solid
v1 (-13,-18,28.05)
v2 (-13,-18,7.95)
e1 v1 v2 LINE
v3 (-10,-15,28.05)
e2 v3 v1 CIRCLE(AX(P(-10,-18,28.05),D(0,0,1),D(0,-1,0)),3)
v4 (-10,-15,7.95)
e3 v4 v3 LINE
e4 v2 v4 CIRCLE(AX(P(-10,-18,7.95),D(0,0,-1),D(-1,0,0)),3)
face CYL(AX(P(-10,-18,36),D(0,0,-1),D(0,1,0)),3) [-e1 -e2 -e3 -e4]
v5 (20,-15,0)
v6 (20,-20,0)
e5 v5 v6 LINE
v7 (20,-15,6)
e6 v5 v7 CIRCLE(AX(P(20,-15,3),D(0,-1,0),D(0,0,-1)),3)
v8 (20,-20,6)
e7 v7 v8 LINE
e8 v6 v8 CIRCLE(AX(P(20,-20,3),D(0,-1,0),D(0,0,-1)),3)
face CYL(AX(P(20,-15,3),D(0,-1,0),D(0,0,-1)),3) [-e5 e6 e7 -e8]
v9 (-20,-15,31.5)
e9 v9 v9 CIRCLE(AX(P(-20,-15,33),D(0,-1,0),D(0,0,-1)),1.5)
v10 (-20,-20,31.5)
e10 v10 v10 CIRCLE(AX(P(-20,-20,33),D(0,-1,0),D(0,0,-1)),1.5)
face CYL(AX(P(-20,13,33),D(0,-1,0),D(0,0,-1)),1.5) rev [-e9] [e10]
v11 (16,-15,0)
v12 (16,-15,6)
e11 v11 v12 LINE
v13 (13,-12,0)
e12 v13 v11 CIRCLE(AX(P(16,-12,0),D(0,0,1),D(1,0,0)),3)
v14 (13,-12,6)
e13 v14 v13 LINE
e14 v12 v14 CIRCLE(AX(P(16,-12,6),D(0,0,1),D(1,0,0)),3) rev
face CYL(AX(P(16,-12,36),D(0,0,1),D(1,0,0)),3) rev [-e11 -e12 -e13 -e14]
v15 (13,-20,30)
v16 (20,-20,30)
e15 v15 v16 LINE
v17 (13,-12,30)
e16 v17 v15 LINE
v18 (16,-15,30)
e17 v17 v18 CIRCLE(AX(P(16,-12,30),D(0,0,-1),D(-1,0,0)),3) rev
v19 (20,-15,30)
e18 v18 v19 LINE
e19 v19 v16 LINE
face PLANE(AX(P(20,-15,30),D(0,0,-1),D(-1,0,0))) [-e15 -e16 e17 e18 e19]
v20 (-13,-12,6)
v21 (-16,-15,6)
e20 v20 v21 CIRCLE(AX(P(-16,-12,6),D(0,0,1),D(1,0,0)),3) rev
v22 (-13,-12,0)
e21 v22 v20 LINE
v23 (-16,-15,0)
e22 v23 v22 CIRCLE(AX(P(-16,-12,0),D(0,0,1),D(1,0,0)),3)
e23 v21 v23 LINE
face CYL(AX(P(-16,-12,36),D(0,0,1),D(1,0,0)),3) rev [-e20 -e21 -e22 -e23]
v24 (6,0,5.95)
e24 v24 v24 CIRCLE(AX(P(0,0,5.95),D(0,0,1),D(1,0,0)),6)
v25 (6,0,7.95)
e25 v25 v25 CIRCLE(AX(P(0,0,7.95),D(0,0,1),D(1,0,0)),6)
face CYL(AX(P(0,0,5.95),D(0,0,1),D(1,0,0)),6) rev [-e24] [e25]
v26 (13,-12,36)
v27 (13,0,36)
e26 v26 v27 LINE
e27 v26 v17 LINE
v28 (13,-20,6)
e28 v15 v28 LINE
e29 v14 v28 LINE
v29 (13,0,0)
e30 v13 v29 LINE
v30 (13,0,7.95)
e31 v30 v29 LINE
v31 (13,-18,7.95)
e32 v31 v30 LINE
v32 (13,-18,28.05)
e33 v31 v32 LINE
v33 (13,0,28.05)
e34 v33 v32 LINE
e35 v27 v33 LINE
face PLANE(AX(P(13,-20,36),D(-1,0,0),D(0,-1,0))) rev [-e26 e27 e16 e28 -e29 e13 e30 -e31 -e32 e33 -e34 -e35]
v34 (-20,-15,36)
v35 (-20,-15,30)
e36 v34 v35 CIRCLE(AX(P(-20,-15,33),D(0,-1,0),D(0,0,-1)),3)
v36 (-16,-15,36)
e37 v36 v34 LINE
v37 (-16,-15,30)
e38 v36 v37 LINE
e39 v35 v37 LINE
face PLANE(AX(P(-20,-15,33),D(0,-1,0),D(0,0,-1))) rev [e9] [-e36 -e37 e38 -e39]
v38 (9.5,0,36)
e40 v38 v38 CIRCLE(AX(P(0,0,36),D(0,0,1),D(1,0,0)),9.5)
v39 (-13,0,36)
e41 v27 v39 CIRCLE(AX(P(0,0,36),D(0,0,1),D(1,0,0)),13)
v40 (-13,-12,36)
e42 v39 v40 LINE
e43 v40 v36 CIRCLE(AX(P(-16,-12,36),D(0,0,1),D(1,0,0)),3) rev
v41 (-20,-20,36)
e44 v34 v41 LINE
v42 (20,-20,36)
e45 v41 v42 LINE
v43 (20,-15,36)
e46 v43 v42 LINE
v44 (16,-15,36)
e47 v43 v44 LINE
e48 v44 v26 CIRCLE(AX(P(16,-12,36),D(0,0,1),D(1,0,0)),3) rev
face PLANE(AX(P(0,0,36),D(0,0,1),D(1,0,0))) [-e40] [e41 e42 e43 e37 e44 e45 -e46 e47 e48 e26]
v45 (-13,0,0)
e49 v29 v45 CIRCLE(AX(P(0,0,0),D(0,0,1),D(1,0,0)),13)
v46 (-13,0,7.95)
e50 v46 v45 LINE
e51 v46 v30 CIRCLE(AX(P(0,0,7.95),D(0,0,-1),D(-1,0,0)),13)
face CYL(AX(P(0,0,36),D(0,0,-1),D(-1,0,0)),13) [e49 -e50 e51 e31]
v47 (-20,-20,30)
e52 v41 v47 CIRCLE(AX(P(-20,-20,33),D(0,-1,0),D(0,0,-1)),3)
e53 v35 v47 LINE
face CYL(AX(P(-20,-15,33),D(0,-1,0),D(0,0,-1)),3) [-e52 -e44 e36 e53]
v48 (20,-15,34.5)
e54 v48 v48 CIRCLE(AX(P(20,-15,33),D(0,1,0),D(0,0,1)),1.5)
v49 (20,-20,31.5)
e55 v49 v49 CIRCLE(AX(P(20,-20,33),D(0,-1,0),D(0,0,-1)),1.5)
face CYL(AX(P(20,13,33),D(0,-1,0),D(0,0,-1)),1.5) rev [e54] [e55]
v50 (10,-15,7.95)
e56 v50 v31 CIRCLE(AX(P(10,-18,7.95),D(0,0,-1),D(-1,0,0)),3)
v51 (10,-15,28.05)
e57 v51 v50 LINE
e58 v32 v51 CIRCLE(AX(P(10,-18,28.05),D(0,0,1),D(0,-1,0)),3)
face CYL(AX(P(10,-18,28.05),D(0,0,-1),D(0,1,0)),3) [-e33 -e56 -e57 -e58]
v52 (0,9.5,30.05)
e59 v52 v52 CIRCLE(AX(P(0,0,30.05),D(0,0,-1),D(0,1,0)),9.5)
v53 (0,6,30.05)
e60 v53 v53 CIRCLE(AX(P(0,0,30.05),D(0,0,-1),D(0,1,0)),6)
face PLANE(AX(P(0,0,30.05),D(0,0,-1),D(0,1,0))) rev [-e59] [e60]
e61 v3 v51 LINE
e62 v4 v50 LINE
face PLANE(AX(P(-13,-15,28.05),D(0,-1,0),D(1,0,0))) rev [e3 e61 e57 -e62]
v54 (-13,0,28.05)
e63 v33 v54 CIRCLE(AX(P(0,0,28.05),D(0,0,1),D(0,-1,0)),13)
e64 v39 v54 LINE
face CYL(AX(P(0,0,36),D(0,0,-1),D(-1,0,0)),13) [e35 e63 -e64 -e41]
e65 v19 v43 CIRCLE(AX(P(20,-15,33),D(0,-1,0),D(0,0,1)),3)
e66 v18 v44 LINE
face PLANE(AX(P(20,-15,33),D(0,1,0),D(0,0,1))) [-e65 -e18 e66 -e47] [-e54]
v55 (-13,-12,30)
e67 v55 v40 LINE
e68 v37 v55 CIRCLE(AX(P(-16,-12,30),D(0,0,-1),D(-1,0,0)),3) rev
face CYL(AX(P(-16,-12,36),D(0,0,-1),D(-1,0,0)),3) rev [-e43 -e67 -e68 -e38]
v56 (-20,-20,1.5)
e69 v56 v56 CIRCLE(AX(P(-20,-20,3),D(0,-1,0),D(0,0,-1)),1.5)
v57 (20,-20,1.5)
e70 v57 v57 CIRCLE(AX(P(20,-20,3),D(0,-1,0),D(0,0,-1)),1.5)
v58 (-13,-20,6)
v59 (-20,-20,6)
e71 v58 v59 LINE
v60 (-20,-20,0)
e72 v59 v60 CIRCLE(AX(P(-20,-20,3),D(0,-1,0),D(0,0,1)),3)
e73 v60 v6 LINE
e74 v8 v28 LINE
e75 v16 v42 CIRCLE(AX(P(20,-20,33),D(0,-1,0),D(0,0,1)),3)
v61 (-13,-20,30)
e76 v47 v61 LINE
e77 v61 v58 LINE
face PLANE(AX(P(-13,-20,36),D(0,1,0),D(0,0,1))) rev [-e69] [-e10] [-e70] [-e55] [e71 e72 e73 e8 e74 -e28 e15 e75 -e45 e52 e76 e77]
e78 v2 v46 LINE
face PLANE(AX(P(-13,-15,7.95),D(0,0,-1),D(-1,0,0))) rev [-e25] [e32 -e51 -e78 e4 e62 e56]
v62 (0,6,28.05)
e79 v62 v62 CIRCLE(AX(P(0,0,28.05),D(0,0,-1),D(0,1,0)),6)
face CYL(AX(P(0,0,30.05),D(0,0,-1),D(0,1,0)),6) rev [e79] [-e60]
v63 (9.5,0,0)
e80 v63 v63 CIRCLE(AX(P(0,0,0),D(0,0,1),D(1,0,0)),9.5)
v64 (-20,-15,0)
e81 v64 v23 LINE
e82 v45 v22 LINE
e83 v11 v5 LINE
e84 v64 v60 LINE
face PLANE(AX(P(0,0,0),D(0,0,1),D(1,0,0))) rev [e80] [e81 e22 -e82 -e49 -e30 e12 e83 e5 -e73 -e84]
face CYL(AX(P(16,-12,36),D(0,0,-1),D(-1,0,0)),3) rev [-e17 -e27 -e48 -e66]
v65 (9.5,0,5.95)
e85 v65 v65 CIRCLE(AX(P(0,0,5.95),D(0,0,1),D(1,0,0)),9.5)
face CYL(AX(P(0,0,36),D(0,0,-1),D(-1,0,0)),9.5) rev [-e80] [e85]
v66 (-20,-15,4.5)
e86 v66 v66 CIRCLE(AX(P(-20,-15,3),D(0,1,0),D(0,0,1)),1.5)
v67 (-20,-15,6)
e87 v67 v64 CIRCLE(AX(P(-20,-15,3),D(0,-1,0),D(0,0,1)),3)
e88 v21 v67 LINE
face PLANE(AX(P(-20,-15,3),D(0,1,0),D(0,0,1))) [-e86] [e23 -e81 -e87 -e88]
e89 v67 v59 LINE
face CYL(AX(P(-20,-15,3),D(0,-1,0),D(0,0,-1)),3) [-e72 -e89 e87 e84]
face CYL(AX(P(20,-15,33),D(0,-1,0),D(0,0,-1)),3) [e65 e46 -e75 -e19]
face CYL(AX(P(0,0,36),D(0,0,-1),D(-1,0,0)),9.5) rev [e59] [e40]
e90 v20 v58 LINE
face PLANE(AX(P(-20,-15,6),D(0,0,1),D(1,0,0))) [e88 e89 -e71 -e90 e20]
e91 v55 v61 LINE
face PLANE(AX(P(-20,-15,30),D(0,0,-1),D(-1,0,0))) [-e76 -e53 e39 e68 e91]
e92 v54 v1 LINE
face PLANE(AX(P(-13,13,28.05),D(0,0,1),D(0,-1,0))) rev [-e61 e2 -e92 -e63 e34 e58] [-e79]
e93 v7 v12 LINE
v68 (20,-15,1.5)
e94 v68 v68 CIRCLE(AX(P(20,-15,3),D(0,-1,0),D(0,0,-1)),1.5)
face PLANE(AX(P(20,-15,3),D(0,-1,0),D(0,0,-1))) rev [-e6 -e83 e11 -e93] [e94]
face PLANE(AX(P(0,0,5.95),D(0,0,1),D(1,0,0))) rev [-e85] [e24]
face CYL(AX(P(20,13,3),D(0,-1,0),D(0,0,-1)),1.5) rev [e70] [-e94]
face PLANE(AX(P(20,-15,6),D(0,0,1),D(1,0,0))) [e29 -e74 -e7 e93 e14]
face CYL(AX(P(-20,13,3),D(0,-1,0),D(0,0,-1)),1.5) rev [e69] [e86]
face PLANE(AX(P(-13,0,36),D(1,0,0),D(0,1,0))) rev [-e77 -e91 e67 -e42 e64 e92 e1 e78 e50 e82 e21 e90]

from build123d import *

# Parameters (mm, degrees)
CROQUIS1_R              = 9.5
SALIENTE_EXTRUIR1_DEPTH = 36
CROQUIS2_W              = 20.1
CROQUIS2_H              = 28
CORTAR_EXTRUIR2_DEPTH   = 49.703182648
CROQUIS3_R              = 9.5
CROQUIS3_R_2            = 6
SALIENTE_EXTRUIR2_DEPTH = 2
SALIENTE_EXTRUIR3_START = -2
CROQUIS4_R              = 9.5
CROQUIS4_R_2            = 6
SALIENTE_EXTRUIR3_DEPTH = 2
SALIENTE_EXTRUIR4_DEPTH = 5
CROQUIS6_R              = 1.5
CORTAR_EXTRUIR3_DEPTH   = 54.981478305
REDONDEO1_R             = 3
REDONDEO2_R             = 3


with BuildPart() as part:
    # Croquis1 → Saliente-Extruir1 (new body)
    with BuildSketch(Plane.XY):
        with BuildLine():
            Line((-13, 0), (-13, -20))
            Line((-13, -20), (13, -20))
            Line((13, -20), (13, 0))
            ThreePointArc((13, 0), (0, 13), (-13, 0))
        make_face()
        Circle(CROQUIS1_R, mode=Mode.SUBTRACT)
    extrude(amount=SALIENTE_EXTRUIR1_DEPTH)

    # Croquis2 → Cortar-Extruir2 (cut, through all)
    with BuildSketch(Plane(origin=(13, 0, 0), x_dir=(0, 0, -1), z_dir=(1, 0, 0))):
        with Locations((-18, -1)):
            Rectangle(CROQUIS2_W, CROQUIS2_H)
    extrude(amount=-CORTAR_EXTRUIR2_DEPTH, mode=Mode.SUBTRACT)

    # Croquis3 → Saliente-Extruir2 (add)
    with BuildSketch(Plane(origin=(0, 0, 28.05), x_dir=(-1, 0, 0), z_dir=(0, 0, -1))):
        with Locations(Location((0, 0, 0), (0, 0, 90))):
            Circle(CROQUIS3_R)
        with Locations(Location((0, 0, 0), (0, 0, 90))):
            Circle(CROQUIS3_R_2, mode=Mode.SUBTRACT)
    extrude(amount=-SALIENTE_EXTRUIR2_DEPTH)

    # Croquis4 → Saliente-Extruir3 (add)
    with BuildSketch(Plane.XY.offset(7.95).offset(SALIENTE_EXTRUIR3_START)):
        Circle(CROQUIS4_R)
        with Locations(Location((0, 0, 0), (0, 0, 90))):
            Circle(CROQUIS4_R_2, mode=Mode.SUBTRACT)
    extrude(amount=SALIENTE_EXTRUIR3_DEPTH)

    # Croquis5 → Saliente-Extruir4 (add)
    with BuildSketch(Plane.XZ.offset(20)):
        with BuildLine():
            Line((13, 36), (20, 36))
            ThreePointArc((20, 36), (23, 33), (20, 30))
            Line((20, 30), (13, 30))
            Line((13, 30), (13, 36))
        make_face()
        with BuildLine():
            Line((13, 0), (20, 0))
            ThreePointArc((20, 0), (23, 3), (20, 6))
            Line((20, 6), (13, 6))
            Line((13, 6), (13, 0))
        make_face()
        with BuildLine():
            Line((-13, 0), (-20, 0))
            ThreePointArc((-20, 0), (-23, 3), (-20, 6))
            Line((-20, 6), (-13, 6))
            Line((-13, 6), (-13, 0))
        make_face()
        with BuildLine():
            Line((-13, 30), (-13, 36))
            Line((-13, 36), (-20, 36))
            ThreePointArc((-20, 36), (-23, 33), (-20, 30))
            Line((-20, 30), (-13, 30))
        make_face()
    extrude(amount=-SALIENTE_EXTRUIR4_DEPTH)

    # Croquis6 → Cortar-Extruir3 (cut, through all)
    with BuildSketch(Plane.XZ.offset(20)):
        with Locations(Location((-20, 33, 0), (0, 0, 270))):
            Circle(CROQUIS6_R)
        with Locations(Location((20, 33, 0), (0, 0, 270))):
            Circle(CROQUIS6_R)
        with Locations(Location((-20, 3, 0), (0, 0, 270))):
            Circle(CROQUIS6_R)
        with Locations(Location((20, 3, 0), (0, 0, 270))):
            Circle(CROQUIS6_R)
    extrude(amount=-CORTAR_EXTRUIR3_DEPTH, mode=Mode.SUBTRACT)

    # Redondeo1
    redondeo1_edges = [part.edges().sort_by_distance(p)[0] for p in [
        (-13, -15, 33),
        (-13, -15, 3),
        (13, -15, 3),
        (13, -15, 33),
    ]]
    fillet(redondeo1_edges, radius=REDONDEO1_R)

    # Redondeo2
    redondeo2_edges = [part.edges().sort_by_distance(p)[0] for p in [
        (-13, -15, 18),
        (13, -15, 18),
    ]]
    fillet(redondeo2_edges, radius=REDONDEO2_R)


solid = part.part
